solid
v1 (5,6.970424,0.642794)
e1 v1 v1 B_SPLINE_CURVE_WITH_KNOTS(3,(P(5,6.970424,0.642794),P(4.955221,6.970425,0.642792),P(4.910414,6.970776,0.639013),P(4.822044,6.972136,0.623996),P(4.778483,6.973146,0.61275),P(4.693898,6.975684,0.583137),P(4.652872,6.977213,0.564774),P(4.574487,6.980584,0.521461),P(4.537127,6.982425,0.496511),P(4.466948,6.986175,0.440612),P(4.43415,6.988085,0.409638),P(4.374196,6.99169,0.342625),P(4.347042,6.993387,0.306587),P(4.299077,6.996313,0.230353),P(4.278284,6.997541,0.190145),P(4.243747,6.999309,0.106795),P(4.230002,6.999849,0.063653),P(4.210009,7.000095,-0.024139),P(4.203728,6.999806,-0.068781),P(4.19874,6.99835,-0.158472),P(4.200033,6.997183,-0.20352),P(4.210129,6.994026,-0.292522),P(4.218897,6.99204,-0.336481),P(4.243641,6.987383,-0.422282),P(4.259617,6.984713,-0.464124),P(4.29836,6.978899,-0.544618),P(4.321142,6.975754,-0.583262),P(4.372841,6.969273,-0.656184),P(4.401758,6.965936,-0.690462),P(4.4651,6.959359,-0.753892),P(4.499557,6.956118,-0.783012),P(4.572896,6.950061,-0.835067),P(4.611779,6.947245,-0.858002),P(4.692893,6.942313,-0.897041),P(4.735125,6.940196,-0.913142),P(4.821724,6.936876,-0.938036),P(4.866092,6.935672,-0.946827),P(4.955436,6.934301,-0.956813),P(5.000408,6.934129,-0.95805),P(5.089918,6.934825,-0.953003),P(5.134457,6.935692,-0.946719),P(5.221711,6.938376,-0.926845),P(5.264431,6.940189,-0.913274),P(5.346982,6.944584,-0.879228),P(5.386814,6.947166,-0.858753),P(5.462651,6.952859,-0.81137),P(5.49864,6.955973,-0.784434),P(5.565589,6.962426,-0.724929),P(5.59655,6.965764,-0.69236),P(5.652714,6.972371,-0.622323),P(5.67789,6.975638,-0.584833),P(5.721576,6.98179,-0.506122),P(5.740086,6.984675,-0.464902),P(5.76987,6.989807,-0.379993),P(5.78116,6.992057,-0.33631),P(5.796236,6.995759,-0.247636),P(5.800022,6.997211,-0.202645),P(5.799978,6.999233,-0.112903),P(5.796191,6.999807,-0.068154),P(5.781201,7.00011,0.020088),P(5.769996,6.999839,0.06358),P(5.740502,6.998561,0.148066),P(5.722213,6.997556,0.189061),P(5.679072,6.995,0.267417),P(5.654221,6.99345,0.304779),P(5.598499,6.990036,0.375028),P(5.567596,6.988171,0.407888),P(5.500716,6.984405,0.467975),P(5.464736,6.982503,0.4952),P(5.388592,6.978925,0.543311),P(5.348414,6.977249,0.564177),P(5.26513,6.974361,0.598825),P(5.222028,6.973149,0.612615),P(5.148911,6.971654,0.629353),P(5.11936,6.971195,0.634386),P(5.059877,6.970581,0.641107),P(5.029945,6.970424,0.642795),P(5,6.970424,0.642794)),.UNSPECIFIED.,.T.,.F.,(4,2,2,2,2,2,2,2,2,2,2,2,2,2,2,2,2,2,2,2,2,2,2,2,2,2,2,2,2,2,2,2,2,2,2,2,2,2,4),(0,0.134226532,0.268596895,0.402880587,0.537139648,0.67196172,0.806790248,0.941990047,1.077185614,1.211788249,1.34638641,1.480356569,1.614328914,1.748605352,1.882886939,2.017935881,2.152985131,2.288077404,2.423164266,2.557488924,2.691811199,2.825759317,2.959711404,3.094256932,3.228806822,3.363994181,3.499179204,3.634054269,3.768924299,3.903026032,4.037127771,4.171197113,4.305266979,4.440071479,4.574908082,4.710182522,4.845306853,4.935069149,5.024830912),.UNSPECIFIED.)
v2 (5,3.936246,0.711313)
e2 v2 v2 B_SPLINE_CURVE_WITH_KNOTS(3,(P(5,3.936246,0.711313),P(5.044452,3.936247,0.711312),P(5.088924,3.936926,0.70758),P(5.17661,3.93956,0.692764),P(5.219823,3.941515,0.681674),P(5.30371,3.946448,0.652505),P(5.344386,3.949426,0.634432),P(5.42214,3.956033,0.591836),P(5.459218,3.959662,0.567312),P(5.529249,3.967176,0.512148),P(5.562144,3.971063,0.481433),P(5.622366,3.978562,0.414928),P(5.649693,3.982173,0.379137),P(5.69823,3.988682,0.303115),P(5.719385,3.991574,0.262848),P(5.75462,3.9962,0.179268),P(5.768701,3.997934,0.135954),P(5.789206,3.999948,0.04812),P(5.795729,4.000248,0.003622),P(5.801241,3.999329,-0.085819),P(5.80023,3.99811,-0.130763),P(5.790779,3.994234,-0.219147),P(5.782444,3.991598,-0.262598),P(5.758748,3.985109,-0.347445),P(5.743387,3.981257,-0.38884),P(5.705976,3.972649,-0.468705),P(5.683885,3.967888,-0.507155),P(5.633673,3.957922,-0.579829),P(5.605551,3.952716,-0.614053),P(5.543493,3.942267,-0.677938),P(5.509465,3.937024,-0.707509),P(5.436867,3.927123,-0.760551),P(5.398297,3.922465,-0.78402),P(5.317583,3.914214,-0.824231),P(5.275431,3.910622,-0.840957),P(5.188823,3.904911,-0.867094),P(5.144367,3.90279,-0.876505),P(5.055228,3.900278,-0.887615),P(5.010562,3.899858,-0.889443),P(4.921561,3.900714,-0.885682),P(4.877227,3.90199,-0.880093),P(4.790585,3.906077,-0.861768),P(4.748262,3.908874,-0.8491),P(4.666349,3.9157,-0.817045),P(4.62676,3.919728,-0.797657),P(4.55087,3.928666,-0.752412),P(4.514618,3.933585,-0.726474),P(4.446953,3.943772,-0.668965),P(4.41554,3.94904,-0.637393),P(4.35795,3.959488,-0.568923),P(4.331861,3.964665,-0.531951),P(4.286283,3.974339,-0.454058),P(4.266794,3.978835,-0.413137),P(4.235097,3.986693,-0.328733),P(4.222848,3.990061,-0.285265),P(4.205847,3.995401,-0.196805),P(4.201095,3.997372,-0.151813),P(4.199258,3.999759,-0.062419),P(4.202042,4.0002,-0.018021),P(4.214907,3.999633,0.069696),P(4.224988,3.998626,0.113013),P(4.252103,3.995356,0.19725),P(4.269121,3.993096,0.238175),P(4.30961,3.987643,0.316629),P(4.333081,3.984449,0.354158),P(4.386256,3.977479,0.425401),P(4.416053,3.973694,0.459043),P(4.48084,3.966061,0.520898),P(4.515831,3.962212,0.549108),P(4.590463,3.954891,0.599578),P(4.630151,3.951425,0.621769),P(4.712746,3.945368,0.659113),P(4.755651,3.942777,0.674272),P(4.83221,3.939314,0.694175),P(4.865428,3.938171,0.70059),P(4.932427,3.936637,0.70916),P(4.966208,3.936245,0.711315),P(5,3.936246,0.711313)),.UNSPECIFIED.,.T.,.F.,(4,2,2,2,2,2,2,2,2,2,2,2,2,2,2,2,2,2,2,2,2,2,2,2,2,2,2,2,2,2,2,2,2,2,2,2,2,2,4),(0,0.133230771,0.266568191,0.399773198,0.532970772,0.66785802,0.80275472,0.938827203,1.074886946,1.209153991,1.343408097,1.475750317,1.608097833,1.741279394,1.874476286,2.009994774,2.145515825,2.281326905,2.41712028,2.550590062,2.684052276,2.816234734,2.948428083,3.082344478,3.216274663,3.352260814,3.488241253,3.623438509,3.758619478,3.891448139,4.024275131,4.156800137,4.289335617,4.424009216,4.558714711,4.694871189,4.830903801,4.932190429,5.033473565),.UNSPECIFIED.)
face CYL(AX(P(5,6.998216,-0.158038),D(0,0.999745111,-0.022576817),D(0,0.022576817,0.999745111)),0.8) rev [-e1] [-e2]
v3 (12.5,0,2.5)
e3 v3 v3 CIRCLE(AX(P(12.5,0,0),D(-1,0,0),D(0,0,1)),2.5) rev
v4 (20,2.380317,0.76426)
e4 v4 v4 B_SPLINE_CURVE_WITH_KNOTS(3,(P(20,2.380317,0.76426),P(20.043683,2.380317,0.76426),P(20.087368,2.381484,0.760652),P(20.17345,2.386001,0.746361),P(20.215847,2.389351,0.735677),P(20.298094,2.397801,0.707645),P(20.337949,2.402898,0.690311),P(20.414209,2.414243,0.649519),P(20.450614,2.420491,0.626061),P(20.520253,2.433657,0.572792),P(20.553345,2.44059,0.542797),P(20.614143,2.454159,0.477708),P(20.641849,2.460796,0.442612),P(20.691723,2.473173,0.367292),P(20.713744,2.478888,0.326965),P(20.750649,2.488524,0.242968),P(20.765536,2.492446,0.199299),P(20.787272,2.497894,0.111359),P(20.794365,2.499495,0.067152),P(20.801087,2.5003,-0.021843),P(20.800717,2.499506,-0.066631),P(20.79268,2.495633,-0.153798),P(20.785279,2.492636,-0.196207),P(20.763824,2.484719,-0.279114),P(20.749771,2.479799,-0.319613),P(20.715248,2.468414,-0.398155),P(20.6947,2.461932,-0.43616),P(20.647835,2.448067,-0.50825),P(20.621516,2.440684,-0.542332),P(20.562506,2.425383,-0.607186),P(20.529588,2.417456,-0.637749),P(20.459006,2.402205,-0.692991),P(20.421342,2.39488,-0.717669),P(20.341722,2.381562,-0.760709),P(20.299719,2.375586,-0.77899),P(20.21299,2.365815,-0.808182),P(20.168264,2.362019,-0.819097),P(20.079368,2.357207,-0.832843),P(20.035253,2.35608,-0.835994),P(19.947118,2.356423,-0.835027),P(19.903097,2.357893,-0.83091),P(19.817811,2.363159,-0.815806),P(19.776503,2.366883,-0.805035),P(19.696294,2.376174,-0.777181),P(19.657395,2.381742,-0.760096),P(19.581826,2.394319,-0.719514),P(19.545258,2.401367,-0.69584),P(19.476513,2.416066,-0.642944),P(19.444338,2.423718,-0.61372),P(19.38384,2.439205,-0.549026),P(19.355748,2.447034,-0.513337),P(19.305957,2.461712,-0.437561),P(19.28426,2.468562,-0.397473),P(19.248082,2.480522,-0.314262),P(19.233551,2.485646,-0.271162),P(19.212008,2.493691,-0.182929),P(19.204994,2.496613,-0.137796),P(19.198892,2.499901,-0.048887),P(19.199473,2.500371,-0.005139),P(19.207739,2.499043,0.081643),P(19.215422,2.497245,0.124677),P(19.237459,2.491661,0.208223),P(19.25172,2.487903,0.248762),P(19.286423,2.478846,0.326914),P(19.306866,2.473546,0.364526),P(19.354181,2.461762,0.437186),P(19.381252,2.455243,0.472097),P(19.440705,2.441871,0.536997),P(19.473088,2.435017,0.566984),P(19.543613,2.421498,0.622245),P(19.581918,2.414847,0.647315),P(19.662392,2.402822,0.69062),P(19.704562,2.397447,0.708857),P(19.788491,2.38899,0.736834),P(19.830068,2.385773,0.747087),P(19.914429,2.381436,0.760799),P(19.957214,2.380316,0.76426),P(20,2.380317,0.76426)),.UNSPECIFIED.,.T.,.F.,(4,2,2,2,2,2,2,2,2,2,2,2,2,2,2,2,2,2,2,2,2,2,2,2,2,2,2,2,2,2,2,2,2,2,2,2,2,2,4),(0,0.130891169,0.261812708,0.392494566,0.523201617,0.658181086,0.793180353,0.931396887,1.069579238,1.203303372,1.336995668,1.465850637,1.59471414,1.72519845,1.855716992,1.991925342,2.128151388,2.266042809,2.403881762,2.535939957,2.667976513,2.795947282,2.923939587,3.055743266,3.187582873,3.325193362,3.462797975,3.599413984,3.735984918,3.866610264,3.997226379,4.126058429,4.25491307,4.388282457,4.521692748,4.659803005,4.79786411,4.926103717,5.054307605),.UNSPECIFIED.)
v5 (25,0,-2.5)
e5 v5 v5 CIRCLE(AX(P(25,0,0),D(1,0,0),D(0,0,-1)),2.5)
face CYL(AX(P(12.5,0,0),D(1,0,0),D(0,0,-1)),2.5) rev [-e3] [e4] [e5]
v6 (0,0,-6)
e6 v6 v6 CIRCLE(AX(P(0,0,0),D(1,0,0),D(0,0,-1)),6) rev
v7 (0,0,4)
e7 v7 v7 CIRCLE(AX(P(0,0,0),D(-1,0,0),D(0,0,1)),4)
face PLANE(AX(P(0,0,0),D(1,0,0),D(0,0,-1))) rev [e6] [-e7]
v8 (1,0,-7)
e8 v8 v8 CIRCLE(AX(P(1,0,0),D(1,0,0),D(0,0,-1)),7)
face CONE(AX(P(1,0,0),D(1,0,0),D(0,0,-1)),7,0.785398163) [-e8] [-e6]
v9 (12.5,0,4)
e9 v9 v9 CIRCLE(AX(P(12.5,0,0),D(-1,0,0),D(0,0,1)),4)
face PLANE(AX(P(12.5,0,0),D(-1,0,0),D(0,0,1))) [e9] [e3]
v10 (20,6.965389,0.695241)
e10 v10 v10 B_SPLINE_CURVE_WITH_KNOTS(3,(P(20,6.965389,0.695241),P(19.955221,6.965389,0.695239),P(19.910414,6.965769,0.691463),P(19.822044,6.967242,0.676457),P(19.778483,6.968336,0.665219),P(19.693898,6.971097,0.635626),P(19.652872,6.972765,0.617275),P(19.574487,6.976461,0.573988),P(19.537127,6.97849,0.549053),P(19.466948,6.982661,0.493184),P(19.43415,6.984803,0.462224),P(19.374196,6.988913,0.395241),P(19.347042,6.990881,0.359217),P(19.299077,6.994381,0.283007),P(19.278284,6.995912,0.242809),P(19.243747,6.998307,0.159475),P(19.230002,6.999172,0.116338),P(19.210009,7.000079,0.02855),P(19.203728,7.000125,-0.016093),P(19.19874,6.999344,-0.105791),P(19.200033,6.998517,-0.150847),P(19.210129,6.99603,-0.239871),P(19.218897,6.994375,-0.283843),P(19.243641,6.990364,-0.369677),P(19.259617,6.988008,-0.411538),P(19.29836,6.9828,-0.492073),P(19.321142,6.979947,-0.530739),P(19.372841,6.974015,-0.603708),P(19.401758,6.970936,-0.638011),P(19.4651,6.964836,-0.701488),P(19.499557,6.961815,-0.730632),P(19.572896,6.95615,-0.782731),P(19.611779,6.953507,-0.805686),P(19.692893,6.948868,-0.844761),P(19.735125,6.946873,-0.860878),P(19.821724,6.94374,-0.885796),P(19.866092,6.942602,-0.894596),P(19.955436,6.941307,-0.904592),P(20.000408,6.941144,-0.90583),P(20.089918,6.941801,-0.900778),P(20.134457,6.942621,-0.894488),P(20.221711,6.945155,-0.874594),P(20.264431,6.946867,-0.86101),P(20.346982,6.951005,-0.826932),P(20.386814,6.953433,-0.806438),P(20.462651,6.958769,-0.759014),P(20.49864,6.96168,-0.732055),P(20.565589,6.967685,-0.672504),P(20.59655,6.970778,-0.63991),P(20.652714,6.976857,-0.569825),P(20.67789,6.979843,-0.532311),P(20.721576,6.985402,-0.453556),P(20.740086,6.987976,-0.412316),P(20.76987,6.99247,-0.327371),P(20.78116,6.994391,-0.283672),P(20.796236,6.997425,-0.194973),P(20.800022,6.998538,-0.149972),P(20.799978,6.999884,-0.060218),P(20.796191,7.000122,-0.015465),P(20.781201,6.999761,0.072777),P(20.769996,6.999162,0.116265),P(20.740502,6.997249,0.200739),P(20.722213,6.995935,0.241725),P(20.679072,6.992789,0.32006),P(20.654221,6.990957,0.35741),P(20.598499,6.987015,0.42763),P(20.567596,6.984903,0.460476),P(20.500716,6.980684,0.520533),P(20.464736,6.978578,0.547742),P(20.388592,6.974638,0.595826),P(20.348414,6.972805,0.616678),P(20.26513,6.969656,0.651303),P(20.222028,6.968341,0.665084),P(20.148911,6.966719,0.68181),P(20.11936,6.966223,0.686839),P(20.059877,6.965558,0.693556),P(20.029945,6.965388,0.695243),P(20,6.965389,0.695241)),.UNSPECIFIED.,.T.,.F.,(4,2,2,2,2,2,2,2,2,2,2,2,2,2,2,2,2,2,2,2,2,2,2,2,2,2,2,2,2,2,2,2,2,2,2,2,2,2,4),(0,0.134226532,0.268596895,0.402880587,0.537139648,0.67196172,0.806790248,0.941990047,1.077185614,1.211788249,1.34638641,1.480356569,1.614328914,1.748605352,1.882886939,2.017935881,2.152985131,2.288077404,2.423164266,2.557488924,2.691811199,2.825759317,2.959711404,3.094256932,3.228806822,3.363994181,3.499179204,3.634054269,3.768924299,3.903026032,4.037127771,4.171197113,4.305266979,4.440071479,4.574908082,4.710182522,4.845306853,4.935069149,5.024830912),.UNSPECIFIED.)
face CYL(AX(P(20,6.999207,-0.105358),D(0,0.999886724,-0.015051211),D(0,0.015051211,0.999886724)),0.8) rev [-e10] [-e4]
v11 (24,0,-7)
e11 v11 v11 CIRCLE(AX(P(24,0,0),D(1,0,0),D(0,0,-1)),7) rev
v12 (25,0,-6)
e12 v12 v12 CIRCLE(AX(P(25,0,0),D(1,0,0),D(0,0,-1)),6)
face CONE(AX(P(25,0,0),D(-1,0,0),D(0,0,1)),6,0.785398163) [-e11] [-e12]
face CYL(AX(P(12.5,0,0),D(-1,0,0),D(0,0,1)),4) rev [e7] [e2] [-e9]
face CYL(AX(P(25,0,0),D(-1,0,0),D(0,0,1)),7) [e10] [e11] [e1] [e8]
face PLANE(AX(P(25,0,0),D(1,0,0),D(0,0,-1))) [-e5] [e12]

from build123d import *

# Parameters (mm, degrees)
CROQUIS1_R                          = 7
SALIENTE_EXTRUIR1_DEPTH             = 25
CROQUIS2_R                          = 2.5
CORTAR_EXTRUIR1_DEPTH               = 12.5
CROQUIS3_R                          = 4
CORTAR_EXTRUIR2_DEPTH               = 12.5
CHAFL_N1_SIZE                       = 1
CHAFL_N2_SIZE                       = 1
TALADRO_DE_MARGEN_PARA_M1_41_REACH  = 27.44
TALADRO_DE_MARGEN_PARA_M1_41_BORE_R = 0.8
TALADRO_DE_MARGEN_PARA_M1_42_REACH  = 27.426
TALADRO_DE_MARGEN_PARA_M1_42_BORE_R = 0.8


with BuildPart() as part:
    # Croquis1 → Saliente-Extruir1 (new body)
    with BuildSketch(Plane(origin=(0, 0, 0), x_dir=(0, 0, -1), z_dir=(1, 0, 0))):
        Circle(CROQUIS1_R)
    extrude(amount=SALIENTE_EXTRUIR1_DEPTH)

    # Croquis2 → Cortar-Extruir1 (cut)
    with BuildSketch(Plane(origin=(25, 0, 0), x_dir=(0, 0, -1), z_dir=(1, 0, 0))):
        Circle(CROQUIS2_R)
    extrude(amount=-CORTAR_EXTRUIR1_DEPTH, mode=Mode.SUBTRACT)

    # Croquis3 → Cortar-Extruir2 (cut)
    with BuildSketch(Plane.ZY):
        Circle(CROQUIS3_R)
    extrude(amount=-CORTAR_EXTRUIR2_DEPTH, mode=Mode.SUBTRACT)

    # Chaflán1
    chafl_n1_edges = [part.edges().sort_by_distance(p)[0] for p in [
        (25, 0, 7),
    ]]
    chamfer(chafl_n1_edges, length=CHAFL_N1_SIZE)

    # Chaflán2
    chafl_n2_edges = [part.edges().sort_by_distance(p)[0] for p in [
        (0, 0, 7),
    ]]
    chamfer(chafl_n2_edges, length=CHAFL_N2_SIZE)

    # Taladro de margen para M1.41 bore (on position points) → Taladro de margen para M1.41 (cut, up to next)
    with BuildSketch(Plane(origin=(5, 6.998215778, -0.158037721), x_dir=(0, 0.022576817235, 0.999745111178), z_dir=(0, 0.999745111178, -0.022576817235)), mode=Mode.PRIVATE) as taladro_de_margen_para_m1_41_sk1:
        Circle(TALADRO_DE_MARGEN_PARA_M1_41_BORE_R)
    taladro_de_margen_para_m1_41_tool1 = extrude(taladro_de_margen_para_m1_41_sk1.sketch, amount=-TALADRO_DE_MARGEN_PARA_M1_41_REACH, mode=Mode.PRIVATE) & part.part
    add(taladro_de_margen_para_m1_41_tool1.solids().sort_by_distance((5, 6.998216, -0.158038))[0], mode=Mode.SUBTRACT)

    # Taladro de margen para M1.42 bore (on position points) → Taladro de margen para M1.42 (cut, up to next)
    with BuildSketch(Plane(origin=(20, 6.999207069, -0.10535848), x_dir=(0, 0.01505121149, 0.999886724101), z_dir=(0, 0.999886724101, -0.01505121149)), mode=Mode.PRIVATE) as taladro_de_margen_para_m1_42_sk1:
        Circle(TALADRO_DE_MARGEN_PARA_M1_42_BORE_R)
    taladro_de_margen_para_m1_42_tool1 = extrude(taladro_de_margen_para_m1_42_sk1.sketch, amount=-TALADRO_DE_MARGEN_PARA_M1_42_REACH, mode=Mode.PRIVATE) & part.part
    add(taladro_de_margen_para_m1_42_tool1.solids().sort_by_distance((20, 6.999207, -0.105358))[0], mode=Mode.SUBTRACT)


solid = part.part
